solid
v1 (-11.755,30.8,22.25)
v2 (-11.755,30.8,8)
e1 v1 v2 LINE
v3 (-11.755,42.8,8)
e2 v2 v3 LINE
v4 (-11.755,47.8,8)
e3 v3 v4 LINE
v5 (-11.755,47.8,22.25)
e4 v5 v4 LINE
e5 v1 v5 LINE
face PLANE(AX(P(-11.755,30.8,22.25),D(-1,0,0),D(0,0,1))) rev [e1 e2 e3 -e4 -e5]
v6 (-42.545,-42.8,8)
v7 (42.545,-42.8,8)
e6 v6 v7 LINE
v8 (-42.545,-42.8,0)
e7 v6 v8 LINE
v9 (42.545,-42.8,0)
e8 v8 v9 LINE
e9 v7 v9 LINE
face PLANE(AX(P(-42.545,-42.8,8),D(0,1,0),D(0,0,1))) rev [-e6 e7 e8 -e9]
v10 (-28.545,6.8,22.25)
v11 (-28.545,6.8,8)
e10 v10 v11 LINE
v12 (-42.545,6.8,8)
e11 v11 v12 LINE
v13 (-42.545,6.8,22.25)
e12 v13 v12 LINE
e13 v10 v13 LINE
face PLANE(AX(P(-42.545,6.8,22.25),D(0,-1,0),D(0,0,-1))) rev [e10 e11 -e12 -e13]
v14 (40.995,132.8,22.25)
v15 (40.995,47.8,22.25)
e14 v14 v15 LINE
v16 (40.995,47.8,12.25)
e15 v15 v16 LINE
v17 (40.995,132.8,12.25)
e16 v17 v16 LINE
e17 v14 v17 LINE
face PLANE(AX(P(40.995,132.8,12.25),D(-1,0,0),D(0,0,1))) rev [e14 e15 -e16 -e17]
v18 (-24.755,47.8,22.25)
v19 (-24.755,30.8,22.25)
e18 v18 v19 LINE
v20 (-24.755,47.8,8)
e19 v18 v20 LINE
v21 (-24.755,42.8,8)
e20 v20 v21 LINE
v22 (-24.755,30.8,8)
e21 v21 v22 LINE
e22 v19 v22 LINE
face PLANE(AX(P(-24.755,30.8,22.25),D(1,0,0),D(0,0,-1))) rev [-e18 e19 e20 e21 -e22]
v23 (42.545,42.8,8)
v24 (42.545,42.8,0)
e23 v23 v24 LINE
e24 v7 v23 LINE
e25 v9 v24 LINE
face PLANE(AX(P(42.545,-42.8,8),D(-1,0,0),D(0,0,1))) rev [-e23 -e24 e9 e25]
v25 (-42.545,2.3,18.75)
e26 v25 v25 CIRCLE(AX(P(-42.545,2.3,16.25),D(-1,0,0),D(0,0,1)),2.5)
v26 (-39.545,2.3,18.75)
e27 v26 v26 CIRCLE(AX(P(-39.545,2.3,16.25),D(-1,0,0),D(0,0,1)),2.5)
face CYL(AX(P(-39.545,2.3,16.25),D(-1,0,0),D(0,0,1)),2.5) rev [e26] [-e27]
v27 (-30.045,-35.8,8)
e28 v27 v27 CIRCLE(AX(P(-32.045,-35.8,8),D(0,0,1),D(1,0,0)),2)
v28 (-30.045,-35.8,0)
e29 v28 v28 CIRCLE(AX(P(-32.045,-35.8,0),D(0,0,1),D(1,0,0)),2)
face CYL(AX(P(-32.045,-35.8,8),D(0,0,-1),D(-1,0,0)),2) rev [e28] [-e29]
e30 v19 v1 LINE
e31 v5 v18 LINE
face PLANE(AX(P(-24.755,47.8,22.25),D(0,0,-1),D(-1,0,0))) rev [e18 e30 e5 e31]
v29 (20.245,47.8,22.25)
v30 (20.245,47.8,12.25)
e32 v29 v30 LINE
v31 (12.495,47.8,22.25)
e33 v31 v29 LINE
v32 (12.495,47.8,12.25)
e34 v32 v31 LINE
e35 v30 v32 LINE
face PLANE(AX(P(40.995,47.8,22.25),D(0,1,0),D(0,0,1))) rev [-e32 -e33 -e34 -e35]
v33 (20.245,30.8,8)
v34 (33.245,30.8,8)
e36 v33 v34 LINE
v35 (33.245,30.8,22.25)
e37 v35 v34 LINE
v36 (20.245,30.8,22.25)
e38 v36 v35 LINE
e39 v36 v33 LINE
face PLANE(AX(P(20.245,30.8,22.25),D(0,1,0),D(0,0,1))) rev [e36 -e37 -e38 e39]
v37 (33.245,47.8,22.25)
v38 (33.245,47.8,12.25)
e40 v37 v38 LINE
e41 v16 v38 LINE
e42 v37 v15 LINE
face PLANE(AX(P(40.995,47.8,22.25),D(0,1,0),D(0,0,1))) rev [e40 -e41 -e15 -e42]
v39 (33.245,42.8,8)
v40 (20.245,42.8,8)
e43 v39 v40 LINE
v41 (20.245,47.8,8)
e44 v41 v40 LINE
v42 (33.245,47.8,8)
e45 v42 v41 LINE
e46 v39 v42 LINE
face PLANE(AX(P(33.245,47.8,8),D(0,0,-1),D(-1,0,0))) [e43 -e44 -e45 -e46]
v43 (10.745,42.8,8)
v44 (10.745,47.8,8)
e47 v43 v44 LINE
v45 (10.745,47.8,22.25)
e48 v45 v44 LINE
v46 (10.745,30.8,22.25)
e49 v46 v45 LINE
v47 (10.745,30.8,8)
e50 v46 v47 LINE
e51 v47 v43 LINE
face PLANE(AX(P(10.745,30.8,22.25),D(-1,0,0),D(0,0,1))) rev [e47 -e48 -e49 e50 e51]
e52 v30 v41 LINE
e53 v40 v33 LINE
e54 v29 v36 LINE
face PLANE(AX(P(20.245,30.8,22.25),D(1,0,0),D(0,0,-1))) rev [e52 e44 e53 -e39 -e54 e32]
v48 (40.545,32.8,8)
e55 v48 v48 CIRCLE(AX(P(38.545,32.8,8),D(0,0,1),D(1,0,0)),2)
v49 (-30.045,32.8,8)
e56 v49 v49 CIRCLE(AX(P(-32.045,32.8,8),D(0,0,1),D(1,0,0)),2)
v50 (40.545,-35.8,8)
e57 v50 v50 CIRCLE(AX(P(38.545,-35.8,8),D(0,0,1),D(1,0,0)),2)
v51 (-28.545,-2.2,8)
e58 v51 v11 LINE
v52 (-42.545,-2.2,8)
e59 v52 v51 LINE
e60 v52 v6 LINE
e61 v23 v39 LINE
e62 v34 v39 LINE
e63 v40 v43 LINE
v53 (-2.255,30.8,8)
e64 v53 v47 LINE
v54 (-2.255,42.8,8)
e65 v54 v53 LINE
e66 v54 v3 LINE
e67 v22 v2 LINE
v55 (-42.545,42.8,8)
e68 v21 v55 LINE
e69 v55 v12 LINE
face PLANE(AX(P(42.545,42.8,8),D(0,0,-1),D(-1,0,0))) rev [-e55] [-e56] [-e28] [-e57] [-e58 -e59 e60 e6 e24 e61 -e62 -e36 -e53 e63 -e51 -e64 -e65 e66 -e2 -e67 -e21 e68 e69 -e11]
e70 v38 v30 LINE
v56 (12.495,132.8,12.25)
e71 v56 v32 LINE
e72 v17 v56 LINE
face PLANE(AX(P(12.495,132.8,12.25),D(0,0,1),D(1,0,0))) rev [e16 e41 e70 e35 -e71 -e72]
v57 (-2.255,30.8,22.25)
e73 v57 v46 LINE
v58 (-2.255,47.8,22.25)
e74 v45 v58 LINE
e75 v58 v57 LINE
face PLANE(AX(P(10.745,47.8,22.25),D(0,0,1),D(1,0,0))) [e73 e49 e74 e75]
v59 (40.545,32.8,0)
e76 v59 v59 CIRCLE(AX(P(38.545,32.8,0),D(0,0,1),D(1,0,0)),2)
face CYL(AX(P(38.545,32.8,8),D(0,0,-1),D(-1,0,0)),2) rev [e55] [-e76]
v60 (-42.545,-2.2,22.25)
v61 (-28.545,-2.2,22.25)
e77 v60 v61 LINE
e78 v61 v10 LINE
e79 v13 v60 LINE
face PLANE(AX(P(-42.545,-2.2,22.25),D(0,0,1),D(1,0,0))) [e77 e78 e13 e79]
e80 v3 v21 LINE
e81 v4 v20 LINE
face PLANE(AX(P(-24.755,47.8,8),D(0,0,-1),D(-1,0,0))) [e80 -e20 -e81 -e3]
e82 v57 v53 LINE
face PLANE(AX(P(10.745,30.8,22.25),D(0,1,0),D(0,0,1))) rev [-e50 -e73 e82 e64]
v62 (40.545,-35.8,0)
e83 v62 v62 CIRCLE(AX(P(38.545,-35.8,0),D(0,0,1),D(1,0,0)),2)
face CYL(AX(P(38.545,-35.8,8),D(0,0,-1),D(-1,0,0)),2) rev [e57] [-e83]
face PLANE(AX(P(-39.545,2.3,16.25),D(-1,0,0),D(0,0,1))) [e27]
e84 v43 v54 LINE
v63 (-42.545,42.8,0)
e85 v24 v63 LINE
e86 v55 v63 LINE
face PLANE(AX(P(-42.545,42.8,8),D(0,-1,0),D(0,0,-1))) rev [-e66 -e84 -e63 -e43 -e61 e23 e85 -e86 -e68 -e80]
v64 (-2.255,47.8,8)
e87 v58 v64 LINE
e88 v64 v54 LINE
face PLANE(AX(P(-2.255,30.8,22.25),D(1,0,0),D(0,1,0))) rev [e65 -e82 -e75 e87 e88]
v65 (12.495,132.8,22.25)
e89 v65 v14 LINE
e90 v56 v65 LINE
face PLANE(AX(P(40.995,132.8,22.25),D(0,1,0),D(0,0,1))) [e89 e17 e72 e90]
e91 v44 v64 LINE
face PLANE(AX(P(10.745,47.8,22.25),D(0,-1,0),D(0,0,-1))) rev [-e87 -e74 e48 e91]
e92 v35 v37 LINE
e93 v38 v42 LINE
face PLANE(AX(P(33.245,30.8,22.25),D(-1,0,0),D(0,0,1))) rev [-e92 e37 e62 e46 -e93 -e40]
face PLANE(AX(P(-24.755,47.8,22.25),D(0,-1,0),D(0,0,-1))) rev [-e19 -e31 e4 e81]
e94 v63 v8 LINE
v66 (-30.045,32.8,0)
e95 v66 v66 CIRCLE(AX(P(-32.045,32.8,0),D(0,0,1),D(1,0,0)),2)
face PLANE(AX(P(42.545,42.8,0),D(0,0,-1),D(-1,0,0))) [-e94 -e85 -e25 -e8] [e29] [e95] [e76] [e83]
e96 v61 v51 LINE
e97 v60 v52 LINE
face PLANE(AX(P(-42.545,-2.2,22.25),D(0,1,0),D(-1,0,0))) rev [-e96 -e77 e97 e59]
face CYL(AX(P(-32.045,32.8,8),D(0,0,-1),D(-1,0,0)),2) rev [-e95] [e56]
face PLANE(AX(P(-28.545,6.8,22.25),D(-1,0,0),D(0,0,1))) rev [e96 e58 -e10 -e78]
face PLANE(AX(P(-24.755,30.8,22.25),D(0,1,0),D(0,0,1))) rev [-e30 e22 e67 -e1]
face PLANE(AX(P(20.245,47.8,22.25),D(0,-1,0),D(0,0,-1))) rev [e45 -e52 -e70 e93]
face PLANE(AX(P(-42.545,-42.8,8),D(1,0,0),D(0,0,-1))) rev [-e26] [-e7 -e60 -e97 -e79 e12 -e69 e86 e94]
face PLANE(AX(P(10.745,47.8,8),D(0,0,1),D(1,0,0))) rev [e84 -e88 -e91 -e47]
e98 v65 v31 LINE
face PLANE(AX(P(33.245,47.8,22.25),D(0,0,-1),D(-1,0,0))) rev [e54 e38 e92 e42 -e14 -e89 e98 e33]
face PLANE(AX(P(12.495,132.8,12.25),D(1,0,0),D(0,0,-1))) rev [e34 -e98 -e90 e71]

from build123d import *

# Parameters (mm, degrees)
SKETCH1_W           = 85.09
SKETCH1_H           = 85.6
SKETCH1_R           = 2
BOSS_EXTRUDE1_DEPTH = 8
SKETCH2_W           = 13
SKETCH2_H           = 17
SKETCH2_W_2         = 14
SKETCH2_H_2         = 9
BOSS_EXTRUDE2_DEPTH = 14.25
SKETCH3_R           = 2.5
CUT_EXTRUDE1_DEPTH  = 3
SKETCH4_W           = 28.5
SKETCH4_H           = 10
BOSS_EXTRUDE3_DEPTH = 85


with BuildPart() as part:
    # Sketch1 → Boss-Extrude1 (new body)
    with BuildSketch(Plane.XY):
        Rectangle(SKETCH1_W, SKETCH1_H)
        with Locations((-32.045, 32.8)):
            Circle(SKETCH1_R, mode=Mode.SUBTRACT)
        with Locations((38.545, 32.8)):
            Circle(SKETCH1_R, mode=Mode.SUBTRACT)
        with Locations((38.545, -35.8)):
            Circle(SKETCH1_R, mode=Mode.SUBTRACT)
        with Locations((-32.045, -35.8)):
            Circle(SKETCH1_R, mode=Mode.SUBTRACT)
    extrude(amount=BOSS_EXTRUDE1_DEPTH)

    # Sketch2 → Boss-Extrude2 (add)
    with BuildSketch(Plane.XY.offset(8)):
        with Locations((26.745, 39.3)):
            Rectangle(SKETCH2_W, SKETCH2_H)
        with Locations((4.245, 39.3)):
            Rectangle(SKETCH2_W, SKETCH2_H)
        with Locations((-18.255, 39.3)):
            Rectangle(SKETCH2_W, SKETCH2_H)
        with Locations((-35.545, 2.3)):
            Rectangle(SKETCH2_W_2, SKETCH2_H_2)
    extrude(amount=BOSS_EXTRUDE2_DEPTH)

    # Sketch3 → Cut-Extrude1 (cut)
    with BuildSketch(Plane.ZY.offset(42.545)):
        with Locations((16.25, 2.3)):
            Circle(SKETCH3_R)
    extrude(amount=-CUT_EXTRUDE1_DEPTH, mode=Mode.SUBTRACT)

    # Sketch4 → Boss-Extrude3 (add)
    with BuildSketch(Plane(origin=(0, 47.8, 0), x_dir=(1, 0, 0), z_dir=(0, 1, 0))):
        with Locations((26.745, -17.25)):
            Rectangle(SKETCH4_W, SKETCH4_H)
    extrude(amount=BOSS_EXTRUDE3_DEPTH)


solid = part.part
